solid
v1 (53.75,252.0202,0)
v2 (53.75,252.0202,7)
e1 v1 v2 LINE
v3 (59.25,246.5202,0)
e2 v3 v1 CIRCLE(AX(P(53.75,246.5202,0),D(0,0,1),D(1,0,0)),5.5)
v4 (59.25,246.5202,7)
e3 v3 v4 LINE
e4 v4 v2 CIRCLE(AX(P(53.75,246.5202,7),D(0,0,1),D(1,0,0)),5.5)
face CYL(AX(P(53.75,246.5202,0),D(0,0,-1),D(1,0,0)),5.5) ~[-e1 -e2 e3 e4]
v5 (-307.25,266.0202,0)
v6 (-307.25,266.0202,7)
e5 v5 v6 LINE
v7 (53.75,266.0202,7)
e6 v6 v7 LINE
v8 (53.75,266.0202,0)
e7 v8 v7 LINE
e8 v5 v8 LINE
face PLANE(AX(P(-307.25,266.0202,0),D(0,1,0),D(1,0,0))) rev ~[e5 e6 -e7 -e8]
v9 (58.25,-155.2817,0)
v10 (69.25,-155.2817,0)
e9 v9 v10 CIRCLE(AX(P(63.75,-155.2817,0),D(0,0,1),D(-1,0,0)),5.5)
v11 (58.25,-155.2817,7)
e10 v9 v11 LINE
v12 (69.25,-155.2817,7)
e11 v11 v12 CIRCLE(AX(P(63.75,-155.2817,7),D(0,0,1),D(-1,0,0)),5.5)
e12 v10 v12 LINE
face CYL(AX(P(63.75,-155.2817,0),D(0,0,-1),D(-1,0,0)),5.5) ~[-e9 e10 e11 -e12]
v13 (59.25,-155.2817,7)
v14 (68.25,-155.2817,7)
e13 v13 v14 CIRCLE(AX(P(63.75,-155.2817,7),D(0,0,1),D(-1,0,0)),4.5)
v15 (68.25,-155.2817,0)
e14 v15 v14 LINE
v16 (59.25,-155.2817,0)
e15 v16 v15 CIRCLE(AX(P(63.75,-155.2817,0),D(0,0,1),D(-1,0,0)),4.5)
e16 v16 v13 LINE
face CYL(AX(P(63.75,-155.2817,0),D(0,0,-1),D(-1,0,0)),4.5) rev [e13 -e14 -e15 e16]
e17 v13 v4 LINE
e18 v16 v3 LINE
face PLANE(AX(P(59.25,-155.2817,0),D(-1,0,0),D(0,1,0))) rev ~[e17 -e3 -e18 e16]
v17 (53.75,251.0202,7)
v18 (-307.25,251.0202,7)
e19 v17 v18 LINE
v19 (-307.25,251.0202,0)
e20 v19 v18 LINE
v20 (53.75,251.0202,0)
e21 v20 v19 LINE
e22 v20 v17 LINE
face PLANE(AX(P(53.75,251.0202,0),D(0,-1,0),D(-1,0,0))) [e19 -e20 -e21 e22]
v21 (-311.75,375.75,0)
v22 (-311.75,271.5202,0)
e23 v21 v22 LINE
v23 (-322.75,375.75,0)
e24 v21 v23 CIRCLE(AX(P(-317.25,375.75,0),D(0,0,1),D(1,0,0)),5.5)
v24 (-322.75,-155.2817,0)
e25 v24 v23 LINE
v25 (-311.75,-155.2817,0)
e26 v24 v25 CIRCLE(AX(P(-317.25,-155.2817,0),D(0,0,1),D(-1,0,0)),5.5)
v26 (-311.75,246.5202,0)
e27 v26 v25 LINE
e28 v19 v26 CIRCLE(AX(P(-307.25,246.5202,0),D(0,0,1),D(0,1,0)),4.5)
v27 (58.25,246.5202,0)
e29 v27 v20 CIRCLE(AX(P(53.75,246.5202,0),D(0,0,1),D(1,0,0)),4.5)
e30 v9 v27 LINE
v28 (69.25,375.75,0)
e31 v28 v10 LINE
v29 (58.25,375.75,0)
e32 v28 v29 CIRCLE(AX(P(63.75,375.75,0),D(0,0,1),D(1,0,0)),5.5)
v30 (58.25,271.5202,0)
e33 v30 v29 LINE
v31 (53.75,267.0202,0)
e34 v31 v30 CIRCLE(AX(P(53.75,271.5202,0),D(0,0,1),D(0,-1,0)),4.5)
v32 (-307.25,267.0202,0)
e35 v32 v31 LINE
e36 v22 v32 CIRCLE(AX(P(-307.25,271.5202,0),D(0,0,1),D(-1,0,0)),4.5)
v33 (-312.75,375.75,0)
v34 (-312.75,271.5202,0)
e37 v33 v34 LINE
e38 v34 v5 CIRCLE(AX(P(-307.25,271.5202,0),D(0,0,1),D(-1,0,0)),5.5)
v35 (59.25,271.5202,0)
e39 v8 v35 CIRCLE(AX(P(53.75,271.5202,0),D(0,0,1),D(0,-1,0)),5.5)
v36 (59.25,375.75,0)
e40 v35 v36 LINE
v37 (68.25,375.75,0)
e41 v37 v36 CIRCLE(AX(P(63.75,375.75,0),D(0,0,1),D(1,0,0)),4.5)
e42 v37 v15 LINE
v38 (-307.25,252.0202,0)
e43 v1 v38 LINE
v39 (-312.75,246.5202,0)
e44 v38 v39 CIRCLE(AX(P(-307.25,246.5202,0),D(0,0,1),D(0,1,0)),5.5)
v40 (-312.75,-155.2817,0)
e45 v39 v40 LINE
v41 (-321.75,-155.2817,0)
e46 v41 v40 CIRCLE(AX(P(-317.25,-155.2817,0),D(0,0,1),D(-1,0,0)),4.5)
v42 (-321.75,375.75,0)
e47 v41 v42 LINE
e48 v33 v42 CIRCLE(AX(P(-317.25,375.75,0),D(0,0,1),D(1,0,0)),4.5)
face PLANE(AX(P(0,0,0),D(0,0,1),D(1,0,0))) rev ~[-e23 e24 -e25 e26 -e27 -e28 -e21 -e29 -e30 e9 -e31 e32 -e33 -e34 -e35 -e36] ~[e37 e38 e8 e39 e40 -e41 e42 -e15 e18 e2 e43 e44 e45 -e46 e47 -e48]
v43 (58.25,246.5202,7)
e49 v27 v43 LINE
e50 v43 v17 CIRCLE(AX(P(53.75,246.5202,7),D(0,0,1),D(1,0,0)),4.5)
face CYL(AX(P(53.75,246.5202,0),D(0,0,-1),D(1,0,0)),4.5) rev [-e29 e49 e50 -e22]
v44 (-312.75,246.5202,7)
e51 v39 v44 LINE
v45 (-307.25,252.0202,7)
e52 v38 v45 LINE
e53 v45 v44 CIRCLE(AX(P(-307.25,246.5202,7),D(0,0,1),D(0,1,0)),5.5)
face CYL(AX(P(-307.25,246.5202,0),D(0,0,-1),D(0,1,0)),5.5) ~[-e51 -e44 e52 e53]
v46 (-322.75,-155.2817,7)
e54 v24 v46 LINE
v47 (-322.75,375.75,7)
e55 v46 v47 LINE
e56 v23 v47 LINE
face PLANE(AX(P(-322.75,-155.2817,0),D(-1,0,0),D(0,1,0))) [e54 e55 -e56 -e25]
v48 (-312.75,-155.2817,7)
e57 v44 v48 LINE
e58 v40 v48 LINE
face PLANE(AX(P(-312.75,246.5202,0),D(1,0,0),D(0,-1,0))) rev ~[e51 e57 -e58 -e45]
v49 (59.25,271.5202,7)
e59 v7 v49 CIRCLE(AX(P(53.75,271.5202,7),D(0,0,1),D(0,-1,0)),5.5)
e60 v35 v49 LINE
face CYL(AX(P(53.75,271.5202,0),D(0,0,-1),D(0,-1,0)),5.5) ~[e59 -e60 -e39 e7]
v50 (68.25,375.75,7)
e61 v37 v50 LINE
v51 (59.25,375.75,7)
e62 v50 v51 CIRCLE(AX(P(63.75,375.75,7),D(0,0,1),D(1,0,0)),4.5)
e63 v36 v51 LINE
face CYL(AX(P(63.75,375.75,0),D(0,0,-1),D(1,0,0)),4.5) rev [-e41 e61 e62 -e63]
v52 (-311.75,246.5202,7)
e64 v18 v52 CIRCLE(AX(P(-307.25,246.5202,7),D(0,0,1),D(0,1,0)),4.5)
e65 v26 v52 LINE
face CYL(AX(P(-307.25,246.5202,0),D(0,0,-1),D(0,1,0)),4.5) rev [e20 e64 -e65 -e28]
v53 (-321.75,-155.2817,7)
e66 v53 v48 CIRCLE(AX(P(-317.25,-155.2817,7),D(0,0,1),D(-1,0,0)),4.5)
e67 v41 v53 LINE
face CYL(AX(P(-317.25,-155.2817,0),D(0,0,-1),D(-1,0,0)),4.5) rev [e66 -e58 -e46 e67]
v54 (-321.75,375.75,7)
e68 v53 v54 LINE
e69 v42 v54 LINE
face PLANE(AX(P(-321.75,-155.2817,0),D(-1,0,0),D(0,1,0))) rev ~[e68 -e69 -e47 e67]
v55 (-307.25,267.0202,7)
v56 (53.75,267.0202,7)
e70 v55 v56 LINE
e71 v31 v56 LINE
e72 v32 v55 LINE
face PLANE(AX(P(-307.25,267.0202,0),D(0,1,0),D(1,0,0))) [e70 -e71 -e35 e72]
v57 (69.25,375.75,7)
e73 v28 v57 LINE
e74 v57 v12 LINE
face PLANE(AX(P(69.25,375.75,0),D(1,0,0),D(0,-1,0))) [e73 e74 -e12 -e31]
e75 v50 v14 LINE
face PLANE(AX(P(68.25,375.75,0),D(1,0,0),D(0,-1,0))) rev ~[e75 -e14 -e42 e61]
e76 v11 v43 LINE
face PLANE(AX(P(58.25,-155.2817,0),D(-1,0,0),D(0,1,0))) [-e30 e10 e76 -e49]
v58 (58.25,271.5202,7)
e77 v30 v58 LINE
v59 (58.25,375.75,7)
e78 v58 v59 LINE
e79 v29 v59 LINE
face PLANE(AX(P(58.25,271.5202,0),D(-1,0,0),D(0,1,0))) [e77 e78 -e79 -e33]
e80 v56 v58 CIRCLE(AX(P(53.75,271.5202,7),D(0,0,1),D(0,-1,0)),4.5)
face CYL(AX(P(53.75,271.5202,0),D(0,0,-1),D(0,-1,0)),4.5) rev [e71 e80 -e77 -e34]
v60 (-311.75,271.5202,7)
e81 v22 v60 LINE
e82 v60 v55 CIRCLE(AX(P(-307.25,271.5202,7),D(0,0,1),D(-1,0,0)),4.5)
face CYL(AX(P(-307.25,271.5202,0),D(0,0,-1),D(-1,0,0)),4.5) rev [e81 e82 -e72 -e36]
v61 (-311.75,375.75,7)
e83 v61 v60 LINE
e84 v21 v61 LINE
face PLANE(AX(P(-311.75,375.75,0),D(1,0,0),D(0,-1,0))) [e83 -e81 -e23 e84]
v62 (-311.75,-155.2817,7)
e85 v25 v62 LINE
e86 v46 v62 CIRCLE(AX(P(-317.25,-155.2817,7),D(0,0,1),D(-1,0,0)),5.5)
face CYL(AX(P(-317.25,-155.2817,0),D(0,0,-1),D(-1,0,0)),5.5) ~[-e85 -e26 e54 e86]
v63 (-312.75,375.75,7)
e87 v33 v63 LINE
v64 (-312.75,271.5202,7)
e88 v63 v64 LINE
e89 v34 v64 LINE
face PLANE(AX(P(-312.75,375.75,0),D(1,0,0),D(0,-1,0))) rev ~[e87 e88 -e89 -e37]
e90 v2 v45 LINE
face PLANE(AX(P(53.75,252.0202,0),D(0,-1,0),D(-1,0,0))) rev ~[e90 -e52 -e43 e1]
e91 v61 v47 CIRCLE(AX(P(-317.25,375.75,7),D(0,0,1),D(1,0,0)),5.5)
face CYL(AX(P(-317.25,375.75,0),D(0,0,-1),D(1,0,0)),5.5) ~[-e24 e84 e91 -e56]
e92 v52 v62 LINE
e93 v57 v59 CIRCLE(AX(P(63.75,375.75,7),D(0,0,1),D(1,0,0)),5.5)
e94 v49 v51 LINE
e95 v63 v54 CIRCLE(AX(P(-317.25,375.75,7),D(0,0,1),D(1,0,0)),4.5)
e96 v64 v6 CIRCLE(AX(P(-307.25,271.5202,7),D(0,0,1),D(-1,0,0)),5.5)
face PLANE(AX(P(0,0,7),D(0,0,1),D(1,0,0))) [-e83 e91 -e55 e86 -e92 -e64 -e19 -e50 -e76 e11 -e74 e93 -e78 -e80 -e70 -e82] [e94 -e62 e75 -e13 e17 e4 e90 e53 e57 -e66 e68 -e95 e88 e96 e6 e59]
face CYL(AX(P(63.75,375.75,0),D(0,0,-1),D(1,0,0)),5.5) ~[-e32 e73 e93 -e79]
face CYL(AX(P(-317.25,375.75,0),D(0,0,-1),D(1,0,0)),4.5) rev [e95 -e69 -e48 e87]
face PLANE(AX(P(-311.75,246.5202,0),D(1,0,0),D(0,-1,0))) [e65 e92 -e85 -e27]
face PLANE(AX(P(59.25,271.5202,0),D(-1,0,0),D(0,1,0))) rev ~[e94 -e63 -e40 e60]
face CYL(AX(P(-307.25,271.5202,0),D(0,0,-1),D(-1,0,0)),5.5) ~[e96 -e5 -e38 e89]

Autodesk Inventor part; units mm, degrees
ref_plane "YZ Plane" through (0, 0, 0) normal (1, 0, 0) x (0, 1, 0)
ref_plane "XZ Plane" through (0, 0, 0) normal (0, 1, 0) x (-1, 0, 0)
ref_plane "XY Plane" through (0, 0, 0) normal (0, 0, 1) x (1, 0, 0)
sketch "Эскиз1" plane through (0, 0, 0) normal (0, 0, 1) x (1, 0, 0)
  arc A0 (68.75, 375.75) -> (58.75, 375.75) centre (63.75, 375.75) ccw
  arc A1 (53.75, 266.5202) -> (58.75, 271.5202) centre (53.75, 271.5202) ccw
  arc A2 (58.75, 246.5202) -> (53.75, 251.5202) centre (53.75, 246.5202) ccw
  arc A3 (-312.25, 375.75) -> (-322.25, 375.75) centre (-317.25, 375.75) ccw
  arc A4 (-312.25, 271.5202) -> (-307.25, 266.5202) centre (-307.25, 271.5202) ccw
  arc A5 (-307.25, 251.5202) -> (-312.25, 246.5202) centre (-307.25, 246.5202) ccw
  arc A6 (-322.25, -155.2817) -> (-312.25, -155.2817) centre (-317.25, -155.2817) ccw
  arc A7 (58.75, -155.2817) -> (68.75, -155.2817) centre (63.75, -155.2817) ccw
  line L0 (68.75, -155.2817) -> (68.75, 375.75)
  line L1 (58.75, 375.75) -> (58.75, 271.5202)
  line L2 (53.75, 266.5202) -> (-307.25, 266.5202)
  line L3 (-307.25, 251.5202) -> (53.75, 251.5202)
  line L4 (58.75, 246.5202) -> (58.75, -155.2817)
  line L5 (-312.25, -155.2817) -> (-312.25, 246.5202)
  line L6 (-312.25, 271.5202) -> (-312.25, 375.75)
  line L7 (-322.25, 375.75) -> (-322.25, -155.2817)
  line L8 (-307.25, 267.0202) -> (53.75, 267.0202)
  arc A8 (53.75, 267.0202) -> (58.25, 271.5202) centre (53.75, 271.5202) ccw
  line L9 (58.25, 271.5202) -> (58.25, 375.75)
  arc A9 (69.25, 375.75) -> (58.25, 375.75) centre (63.75, 375.75) ccw
  line L10 (69.25, 375.75) -> (69.25, -155.2817)
  arc A10 (58.25, -155.2817) -> (69.25, -155.2817) centre (63.75, -155.2817) ccw
  line L11 (58.25, -155.2817) -> (58.25, 246.5202)
  arc A11 (58.25, 246.5202) -> (53.75, 251.0202) centre (53.75, 246.5202) ccw
  line L12 (53.75, 251.0202) -> (-307.25, 251.0202)
  arc A12 (-307.25, 251.0202) -> (-311.75, 246.5202) centre (-307.25, 246.5202) ccw
  line L13 (-311.75, 246.5202) -> (-311.75, -155.2817)
  arc A13 (-322.75, -155.2817) -> (-311.75, -155.2817) centre (-317.25, -155.2817) ccw
  line L14 (-322.75, -155.2817) -> (-322.75, 375.75)
  arc A14 (-311.75, 375.75) -> (-322.75, 375.75) centre (-317.25, 375.75) ccw
  line L15 (-311.75, 375.75) -> (-311.75, 271.5202)
  arc A15 (-311.75, 271.5202) -> (-307.25, 267.0202) centre (-307.25, 271.5202) ccw
  line L16 (-307.25, 266.0202) -> (53.75, 266.0202)
  arc A16 (53.75, 266.0202) -> (59.25, 271.5202) centre (53.75, 271.5202) ccw
  line L17 (59.25, 271.5202) -> (59.25, 375.75)
  arc A17 (68.25, 375.75) -> (59.25, 375.75) centre (63.75, 375.75) ccw
  line L18 (68.25, 375.75) -> (68.25, -155.2817)
  arc A18 (59.25, -155.2817) -> (68.25, -155.2817) centre (63.75, -155.2817) ccw
  line L19 (59.25, -155.2817) -> (59.25, 246.5202)
  arc A19 (59.25, 246.5202) -> (53.75, 252.0202) centre (53.75, 246.5202) ccw
  line L20 (53.75, 252.0202) -> (-307.25, 252.0202)
  arc A20 (-307.25, 252.0202) -> (-312.75, 246.5202) centre (-307.25, 246.5202) ccw
  line L21 (-312.75, 246.5202) -> (-312.75, -155.2817)
  arc A21 (-321.75, -155.2817) -> (-312.75, -155.2817) centre (-317.25, -155.2817) ccw
  line L22 (-321.75, -155.2817) -> (-321.75, 375.75)
  arc A22 (-312.75, 375.75) -> (-321.75, 375.75) centre (-317.25, 375.75) ccw
  line L23 (-312.75, 375.75) -> (-312.75, 271.5202)
  arc A23 (-312.75, 271.5202) -> (-307.25, 266.0202) centre (-307.25, 271.5202) ccw
  point P0 (70, 190)
  dimension "d0" = 0.5
  dimension "d1" = 0.5
extrude "Выдавливание1" add sketch "Эскиз1" along normal blind 7 contours L0 A7 L4 A2 L3 A5 L5 A6 L7 A3 L6 A4 L2 A1 L1 A0 | L8 A8 L9 A9 L10 A10 L11 A11 L12 A12 L13 A13 L14 A14 L15 A15
properties part number "gt2_belt"
